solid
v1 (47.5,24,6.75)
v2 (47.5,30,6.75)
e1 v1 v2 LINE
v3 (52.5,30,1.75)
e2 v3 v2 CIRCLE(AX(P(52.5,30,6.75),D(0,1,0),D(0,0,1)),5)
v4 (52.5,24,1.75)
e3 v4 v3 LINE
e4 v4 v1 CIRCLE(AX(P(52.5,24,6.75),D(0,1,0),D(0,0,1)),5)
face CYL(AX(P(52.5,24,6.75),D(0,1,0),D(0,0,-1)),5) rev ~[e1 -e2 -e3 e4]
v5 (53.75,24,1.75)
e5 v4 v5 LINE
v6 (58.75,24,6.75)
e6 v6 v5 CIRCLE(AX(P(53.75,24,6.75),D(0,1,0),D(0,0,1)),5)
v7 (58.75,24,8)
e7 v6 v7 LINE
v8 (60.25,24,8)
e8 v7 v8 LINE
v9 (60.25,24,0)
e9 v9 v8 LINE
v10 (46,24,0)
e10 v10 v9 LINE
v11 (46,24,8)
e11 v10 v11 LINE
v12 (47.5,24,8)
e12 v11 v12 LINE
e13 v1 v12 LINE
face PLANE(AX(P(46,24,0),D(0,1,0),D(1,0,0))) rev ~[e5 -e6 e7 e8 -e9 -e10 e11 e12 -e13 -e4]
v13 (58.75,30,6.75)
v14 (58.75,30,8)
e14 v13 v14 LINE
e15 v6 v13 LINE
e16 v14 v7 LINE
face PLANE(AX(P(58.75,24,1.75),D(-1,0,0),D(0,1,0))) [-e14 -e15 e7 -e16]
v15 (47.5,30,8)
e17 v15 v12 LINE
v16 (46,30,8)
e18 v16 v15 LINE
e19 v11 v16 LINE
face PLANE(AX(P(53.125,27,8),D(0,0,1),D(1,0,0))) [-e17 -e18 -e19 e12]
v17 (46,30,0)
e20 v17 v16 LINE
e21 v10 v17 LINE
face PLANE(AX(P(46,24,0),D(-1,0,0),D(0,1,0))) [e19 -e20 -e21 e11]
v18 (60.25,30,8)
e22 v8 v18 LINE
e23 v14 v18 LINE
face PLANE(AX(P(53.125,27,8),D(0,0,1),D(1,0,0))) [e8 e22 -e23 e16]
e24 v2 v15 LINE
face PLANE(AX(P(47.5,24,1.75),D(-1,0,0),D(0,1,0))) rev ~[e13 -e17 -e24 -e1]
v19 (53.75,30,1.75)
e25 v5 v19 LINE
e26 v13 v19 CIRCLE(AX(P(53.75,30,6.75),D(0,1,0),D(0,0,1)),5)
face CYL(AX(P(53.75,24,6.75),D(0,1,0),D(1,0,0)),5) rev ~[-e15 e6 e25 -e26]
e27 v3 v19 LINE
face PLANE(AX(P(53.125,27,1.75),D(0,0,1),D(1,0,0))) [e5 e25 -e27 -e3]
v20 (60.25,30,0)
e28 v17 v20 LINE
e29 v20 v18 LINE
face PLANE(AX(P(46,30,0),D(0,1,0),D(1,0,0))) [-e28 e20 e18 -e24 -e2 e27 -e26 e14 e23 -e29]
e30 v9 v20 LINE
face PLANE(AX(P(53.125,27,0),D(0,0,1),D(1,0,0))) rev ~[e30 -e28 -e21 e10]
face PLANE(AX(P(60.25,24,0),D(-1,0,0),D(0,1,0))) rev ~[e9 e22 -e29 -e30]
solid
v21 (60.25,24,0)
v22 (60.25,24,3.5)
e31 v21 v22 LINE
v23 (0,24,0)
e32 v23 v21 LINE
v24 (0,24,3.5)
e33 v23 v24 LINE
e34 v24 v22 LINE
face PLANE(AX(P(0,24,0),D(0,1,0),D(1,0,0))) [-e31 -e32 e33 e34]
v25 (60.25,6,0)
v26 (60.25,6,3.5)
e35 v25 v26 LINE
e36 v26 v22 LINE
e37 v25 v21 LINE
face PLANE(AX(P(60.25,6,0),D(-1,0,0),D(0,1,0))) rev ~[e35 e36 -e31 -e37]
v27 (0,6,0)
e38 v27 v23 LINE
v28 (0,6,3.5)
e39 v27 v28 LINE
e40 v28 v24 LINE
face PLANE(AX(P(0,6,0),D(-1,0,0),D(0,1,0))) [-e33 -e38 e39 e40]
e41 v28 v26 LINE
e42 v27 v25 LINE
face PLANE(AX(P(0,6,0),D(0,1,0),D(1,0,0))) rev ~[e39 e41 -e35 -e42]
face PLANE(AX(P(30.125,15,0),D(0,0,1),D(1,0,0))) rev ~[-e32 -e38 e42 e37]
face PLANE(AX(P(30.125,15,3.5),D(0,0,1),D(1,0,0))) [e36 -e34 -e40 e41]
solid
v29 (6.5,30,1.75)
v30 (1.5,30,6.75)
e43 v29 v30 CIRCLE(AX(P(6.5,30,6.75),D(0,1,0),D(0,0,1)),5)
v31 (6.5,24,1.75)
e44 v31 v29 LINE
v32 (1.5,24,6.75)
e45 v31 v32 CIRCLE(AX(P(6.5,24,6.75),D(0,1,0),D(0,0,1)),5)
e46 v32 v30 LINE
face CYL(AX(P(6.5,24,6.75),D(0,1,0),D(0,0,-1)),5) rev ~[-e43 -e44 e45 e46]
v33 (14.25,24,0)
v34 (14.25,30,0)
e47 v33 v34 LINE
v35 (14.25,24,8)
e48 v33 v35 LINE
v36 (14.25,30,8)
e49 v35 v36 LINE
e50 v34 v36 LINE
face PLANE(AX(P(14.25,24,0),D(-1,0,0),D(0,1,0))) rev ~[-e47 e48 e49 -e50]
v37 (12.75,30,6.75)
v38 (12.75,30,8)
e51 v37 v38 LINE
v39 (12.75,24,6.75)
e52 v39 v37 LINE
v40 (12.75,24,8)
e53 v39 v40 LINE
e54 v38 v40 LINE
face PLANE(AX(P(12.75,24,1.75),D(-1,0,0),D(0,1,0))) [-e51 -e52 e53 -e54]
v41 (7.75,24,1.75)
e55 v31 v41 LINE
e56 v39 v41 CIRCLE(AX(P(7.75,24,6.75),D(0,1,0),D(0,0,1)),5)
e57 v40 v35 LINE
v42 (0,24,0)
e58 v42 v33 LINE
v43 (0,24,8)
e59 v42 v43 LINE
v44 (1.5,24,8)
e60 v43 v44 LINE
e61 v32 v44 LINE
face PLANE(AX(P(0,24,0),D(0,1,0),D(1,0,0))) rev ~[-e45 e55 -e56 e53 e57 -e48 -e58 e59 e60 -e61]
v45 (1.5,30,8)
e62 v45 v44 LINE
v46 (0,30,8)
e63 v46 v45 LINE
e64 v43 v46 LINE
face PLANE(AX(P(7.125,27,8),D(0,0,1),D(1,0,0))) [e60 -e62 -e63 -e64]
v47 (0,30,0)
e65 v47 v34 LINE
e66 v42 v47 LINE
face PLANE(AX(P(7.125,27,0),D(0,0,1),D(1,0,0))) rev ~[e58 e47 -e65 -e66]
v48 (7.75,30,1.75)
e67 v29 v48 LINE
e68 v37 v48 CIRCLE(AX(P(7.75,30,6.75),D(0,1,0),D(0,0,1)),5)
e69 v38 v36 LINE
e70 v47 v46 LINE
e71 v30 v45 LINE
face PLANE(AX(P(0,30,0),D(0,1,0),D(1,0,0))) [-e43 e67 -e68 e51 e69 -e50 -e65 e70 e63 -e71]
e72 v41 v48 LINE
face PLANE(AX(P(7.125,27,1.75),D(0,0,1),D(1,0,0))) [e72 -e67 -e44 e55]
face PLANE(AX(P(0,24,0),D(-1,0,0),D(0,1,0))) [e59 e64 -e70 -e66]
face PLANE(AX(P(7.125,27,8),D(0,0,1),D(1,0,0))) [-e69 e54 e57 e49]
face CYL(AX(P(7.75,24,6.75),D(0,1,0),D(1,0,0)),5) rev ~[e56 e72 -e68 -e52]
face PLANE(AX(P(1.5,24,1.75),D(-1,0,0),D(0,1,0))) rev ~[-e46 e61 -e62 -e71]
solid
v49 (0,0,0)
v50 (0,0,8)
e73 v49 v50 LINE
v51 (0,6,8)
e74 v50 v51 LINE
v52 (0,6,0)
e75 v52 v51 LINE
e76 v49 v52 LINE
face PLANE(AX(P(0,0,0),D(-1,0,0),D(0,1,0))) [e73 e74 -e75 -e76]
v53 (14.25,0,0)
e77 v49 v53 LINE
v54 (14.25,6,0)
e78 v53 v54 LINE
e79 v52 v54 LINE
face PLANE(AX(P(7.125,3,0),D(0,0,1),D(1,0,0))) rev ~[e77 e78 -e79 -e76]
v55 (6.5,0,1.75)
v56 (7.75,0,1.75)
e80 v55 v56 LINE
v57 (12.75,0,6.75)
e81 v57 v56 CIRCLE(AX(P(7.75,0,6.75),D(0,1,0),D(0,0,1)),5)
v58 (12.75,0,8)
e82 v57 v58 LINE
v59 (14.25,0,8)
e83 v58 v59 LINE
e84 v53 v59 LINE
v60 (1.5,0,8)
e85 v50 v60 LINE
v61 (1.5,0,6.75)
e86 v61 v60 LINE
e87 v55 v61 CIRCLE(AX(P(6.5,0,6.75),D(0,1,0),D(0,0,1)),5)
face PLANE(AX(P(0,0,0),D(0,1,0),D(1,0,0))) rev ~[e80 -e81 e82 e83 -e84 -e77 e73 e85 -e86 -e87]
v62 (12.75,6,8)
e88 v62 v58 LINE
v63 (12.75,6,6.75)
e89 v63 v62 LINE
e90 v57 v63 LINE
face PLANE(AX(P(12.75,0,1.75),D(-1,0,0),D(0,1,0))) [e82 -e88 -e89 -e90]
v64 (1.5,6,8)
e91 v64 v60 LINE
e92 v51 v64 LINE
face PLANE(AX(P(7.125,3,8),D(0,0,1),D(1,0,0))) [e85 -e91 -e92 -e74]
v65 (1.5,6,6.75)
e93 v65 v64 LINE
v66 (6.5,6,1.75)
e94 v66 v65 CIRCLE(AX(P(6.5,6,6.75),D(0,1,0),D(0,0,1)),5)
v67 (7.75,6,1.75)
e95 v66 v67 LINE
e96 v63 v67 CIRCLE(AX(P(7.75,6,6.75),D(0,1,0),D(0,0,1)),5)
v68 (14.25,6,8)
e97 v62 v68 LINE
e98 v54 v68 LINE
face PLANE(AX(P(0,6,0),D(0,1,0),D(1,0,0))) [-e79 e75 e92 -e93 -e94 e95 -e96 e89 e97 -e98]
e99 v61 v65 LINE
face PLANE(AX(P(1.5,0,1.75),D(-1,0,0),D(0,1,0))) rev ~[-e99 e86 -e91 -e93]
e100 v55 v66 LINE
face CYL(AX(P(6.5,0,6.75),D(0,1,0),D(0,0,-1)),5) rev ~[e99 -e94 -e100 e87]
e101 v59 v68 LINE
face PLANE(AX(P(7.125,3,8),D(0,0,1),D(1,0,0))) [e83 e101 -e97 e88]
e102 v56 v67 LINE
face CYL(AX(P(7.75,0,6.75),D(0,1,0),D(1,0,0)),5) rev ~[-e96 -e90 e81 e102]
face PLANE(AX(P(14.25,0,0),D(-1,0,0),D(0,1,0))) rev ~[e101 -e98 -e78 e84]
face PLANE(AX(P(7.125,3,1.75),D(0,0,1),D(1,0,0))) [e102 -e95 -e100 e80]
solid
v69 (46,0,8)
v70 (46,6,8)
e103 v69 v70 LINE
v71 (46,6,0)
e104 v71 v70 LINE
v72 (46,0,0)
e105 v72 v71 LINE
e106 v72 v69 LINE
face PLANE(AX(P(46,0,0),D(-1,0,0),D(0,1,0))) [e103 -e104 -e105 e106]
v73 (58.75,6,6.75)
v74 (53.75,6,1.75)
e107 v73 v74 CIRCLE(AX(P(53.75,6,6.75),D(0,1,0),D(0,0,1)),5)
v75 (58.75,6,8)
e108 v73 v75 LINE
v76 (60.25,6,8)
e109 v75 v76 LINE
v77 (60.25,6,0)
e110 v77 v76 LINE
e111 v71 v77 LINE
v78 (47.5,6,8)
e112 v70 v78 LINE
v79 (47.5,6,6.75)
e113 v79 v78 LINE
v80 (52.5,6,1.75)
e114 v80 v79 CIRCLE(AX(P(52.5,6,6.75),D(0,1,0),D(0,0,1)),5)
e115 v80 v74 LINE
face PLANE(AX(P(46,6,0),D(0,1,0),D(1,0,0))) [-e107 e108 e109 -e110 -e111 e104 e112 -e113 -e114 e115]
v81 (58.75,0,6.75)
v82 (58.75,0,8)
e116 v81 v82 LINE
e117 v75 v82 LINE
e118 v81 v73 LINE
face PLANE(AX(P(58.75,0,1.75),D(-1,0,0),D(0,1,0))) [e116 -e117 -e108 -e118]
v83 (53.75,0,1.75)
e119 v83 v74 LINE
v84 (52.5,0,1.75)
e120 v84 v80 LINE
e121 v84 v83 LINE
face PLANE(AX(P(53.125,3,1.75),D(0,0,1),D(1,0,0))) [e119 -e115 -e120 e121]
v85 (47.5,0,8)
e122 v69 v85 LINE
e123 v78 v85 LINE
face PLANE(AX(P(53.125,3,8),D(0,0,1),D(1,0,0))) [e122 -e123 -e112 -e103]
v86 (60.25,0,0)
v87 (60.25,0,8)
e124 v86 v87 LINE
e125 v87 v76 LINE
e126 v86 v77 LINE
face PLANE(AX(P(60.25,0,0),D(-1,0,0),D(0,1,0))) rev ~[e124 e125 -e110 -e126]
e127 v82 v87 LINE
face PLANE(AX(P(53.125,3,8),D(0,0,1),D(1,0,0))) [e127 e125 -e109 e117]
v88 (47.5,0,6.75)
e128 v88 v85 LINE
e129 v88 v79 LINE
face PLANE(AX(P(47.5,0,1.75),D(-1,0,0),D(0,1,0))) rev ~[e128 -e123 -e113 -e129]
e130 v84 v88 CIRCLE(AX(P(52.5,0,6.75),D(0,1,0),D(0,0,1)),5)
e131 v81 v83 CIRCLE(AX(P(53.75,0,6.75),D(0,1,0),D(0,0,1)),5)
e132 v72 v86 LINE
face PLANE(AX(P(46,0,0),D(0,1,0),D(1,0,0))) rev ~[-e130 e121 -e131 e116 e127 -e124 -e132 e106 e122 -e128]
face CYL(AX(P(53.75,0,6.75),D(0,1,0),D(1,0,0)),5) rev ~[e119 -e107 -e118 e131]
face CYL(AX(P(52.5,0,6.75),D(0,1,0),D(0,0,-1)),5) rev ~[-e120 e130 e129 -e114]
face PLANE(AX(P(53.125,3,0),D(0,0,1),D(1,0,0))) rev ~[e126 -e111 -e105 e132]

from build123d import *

# Parameters (mm, degrees)
BOX008_W     = 60.25
BOX008_H     = 18
BOX008_DEPTH = 3.5
BOX001_W     = 11.25
BOX001_H     = 6
BOX001_DEPTH = 10
BOX_W        = 14.25
BOX_H        = 6
BOX_DEPTH    = 8
FILLET_R     = 5
BOX010_W     = 11.25
BOX010_H     = 6
BOX010_DEPTH = 10
BOX009_W     = 14.25
BOX009_H     = 6
BOX009_DEPTH = 8
FILLET001_R  = 5
BOX012_W     = 11.25
BOX012_H     = 6
BOX012_DEPTH = 10
BOX011_W     = 14.25
BOX011_H     = 6
BOX011_DEPTH = 8
FILLET003_R  = 5
BOX014_W     = 11.25
BOX014_H     = 6
BOX014_DEPTH = 10
BOX013_W     = 14.25
BOX013_H     = 6
BOX013_DEPTH = 8
FILLET002_R  = 5


with BuildPart() as cube008:
    # Box008 → Box008 (new body)
    with BuildSketch(Plane(origin=(0, 6, 0), x_dir=(1, 0, 0), z_dir=(0, 0, 1))):
        with Locations((30.125, 9)):
            Rectangle(BOX008_W, BOX008_H)
    extrude(amount=BOX008_DEPTH)


with BuildPart() as cube001:
    # Box001 → Box001 (new body)
    with BuildSketch(Plane(origin=(1.5, 0, 1.75), x_dir=(1, 0, 0), z_dir=(0, 0, 1))):
        with Locations((5.625, 3)):
            Rectangle(BOX001_W, BOX001_H)
    extrude(amount=BOX001_DEPTH)


with BuildPart() as fillet_body:
    # Box → Box (new body)
    with BuildSketch(Plane.XY):
        with Locations((7.125, 3)):
            Rectangle(BOX_W, BOX_H)
    extrude(amount=BOX_DEPTH)

    # Cut: cut Cube001
    add(cube001.part, mode=Mode.SUBTRACT)

    # Fillet
    fillet_edges = [fillet_body.edges().sort_by_distance(p)[0] for p in [
        (12.75, 3, 1.75),
        (1.5, 3, 1.75),
    ]]
    fillet(fillet_edges, radius=FILLET_R)


with BuildPart() as cube010:
    # Box010 → Box010 (new body)
    with BuildSketch(Plane(origin=(1.5, 0, 1.75), x_dir=(1, 0, 0), z_dir=(0, 0, 1))):
        with Locations((5.625, 3)):
            Rectangle(BOX010_W, BOX010_H)
    extrude(amount=BOX010_DEPTH)


with BuildPart() as axle01:
    # Box009 → Box009 (new body)
    with BuildSketch(Plane.XY):
        with Locations((7.125, 3)):
            Rectangle(BOX009_W, BOX009_H)
    extrude(amount=BOX009_DEPTH)

    # Cut001: cut Cube010
    add(cube010.part, mode=Mode.SUBTRACT)


with BuildPart() as axle01_1:
    # Cut001 placement: moved
    add(axle01.part.moved(Location((0, 24, 0))))

    # Fillet001
    fillet001_edges = [axle01_1.edges().sort_by_distance(p)[0] for p in [
        (12.75, 27, 1.75),
        (1.5, 27, 1.75),
    ]]
    fillet(fillet001_edges, radius=FILLET001_R)

    # Fusion: union Fillet body
    add(fillet_body.part)


with BuildPart() as cube012:
    # Box012 → Box012 (new body)
    with BuildSketch(Plane(origin=(1.5, 0, 1.75), x_dir=(1, 0, 0), z_dir=(0, 0, 1))):
        with Locations((5.625, 3)):
            Rectangle(BOX012_W, BOX012_H)
    extrude(amount=BOX012_DEPTH)


with BuildPart() as fillet003:
    # Box011 → Box011 (new body)
    with BuildSketch(Plane.XY):
        with Locations((7.125, 3)):
            Rectangle(BOX011_W, BOX011_H)
    extrude(amount=BOX011_DEPTH)

    # Cut003: cut Cube012
    add(cube012.part, mode=Mode.SUBTRACT)

    # Fillet003
    fillet003_edges = [fillet003.edges().sort_by_distance(p)[0] for p in [
        (12.75, 3, 1.75),
        (1.5, 3, 1.75),
    ]]
    fillet(fillet003_edges, radius=FILLET003_R)


with BuildPart() as cube014:
    # Box014 → Box014 (new body)
    with BuildSketch(Plane(origin=(1.5, 0, 1.75), x_dir=(1, 0, 0), z_dir=(0, 0, 1))):
        with Locations((5.625, 3)):
            Rectangle(BOX014_W, BOX014_H)
    extrude(amount=BOX014_DEPTH)


with BuildPart() as axle02:
    # Box013 → Box013 (new body)
    with BuildSketch(Plane.XY):
        with Locations((7.125, 3)):
            Rectangle(BOX013_W, BOX013_H)
    extrude(amount=BOX013_DEPTH)

    # Cut002: cut Cube014
    add(cube014.part, mode=Mode.SUBTRACT)


with BuildPart() as axle02_1:
    # Cut002 placement: moved
    add(axle02.part.moved(Location((0, 24, 0))))

    # Fillet002
    fillet002_edges = [axle02_1.edges().sort_by_distance(p)[0] for p in [
        (12.75, 27, 1.75),
        (1.5, 27, 1.75),
    ]]
    fillet(fillet002_edges, radius=FILLET002_R)

    # Fusion001: union Fillet003
    add(fillet003.part)


with BuildPart() as axle02_2:
    # Fusion001 placement: moved
    add(axle02_1.part.moved(Location((46, 0, 0))))


solid = Compound([cube008.part, axle01_1.part, axle02_2.part])
